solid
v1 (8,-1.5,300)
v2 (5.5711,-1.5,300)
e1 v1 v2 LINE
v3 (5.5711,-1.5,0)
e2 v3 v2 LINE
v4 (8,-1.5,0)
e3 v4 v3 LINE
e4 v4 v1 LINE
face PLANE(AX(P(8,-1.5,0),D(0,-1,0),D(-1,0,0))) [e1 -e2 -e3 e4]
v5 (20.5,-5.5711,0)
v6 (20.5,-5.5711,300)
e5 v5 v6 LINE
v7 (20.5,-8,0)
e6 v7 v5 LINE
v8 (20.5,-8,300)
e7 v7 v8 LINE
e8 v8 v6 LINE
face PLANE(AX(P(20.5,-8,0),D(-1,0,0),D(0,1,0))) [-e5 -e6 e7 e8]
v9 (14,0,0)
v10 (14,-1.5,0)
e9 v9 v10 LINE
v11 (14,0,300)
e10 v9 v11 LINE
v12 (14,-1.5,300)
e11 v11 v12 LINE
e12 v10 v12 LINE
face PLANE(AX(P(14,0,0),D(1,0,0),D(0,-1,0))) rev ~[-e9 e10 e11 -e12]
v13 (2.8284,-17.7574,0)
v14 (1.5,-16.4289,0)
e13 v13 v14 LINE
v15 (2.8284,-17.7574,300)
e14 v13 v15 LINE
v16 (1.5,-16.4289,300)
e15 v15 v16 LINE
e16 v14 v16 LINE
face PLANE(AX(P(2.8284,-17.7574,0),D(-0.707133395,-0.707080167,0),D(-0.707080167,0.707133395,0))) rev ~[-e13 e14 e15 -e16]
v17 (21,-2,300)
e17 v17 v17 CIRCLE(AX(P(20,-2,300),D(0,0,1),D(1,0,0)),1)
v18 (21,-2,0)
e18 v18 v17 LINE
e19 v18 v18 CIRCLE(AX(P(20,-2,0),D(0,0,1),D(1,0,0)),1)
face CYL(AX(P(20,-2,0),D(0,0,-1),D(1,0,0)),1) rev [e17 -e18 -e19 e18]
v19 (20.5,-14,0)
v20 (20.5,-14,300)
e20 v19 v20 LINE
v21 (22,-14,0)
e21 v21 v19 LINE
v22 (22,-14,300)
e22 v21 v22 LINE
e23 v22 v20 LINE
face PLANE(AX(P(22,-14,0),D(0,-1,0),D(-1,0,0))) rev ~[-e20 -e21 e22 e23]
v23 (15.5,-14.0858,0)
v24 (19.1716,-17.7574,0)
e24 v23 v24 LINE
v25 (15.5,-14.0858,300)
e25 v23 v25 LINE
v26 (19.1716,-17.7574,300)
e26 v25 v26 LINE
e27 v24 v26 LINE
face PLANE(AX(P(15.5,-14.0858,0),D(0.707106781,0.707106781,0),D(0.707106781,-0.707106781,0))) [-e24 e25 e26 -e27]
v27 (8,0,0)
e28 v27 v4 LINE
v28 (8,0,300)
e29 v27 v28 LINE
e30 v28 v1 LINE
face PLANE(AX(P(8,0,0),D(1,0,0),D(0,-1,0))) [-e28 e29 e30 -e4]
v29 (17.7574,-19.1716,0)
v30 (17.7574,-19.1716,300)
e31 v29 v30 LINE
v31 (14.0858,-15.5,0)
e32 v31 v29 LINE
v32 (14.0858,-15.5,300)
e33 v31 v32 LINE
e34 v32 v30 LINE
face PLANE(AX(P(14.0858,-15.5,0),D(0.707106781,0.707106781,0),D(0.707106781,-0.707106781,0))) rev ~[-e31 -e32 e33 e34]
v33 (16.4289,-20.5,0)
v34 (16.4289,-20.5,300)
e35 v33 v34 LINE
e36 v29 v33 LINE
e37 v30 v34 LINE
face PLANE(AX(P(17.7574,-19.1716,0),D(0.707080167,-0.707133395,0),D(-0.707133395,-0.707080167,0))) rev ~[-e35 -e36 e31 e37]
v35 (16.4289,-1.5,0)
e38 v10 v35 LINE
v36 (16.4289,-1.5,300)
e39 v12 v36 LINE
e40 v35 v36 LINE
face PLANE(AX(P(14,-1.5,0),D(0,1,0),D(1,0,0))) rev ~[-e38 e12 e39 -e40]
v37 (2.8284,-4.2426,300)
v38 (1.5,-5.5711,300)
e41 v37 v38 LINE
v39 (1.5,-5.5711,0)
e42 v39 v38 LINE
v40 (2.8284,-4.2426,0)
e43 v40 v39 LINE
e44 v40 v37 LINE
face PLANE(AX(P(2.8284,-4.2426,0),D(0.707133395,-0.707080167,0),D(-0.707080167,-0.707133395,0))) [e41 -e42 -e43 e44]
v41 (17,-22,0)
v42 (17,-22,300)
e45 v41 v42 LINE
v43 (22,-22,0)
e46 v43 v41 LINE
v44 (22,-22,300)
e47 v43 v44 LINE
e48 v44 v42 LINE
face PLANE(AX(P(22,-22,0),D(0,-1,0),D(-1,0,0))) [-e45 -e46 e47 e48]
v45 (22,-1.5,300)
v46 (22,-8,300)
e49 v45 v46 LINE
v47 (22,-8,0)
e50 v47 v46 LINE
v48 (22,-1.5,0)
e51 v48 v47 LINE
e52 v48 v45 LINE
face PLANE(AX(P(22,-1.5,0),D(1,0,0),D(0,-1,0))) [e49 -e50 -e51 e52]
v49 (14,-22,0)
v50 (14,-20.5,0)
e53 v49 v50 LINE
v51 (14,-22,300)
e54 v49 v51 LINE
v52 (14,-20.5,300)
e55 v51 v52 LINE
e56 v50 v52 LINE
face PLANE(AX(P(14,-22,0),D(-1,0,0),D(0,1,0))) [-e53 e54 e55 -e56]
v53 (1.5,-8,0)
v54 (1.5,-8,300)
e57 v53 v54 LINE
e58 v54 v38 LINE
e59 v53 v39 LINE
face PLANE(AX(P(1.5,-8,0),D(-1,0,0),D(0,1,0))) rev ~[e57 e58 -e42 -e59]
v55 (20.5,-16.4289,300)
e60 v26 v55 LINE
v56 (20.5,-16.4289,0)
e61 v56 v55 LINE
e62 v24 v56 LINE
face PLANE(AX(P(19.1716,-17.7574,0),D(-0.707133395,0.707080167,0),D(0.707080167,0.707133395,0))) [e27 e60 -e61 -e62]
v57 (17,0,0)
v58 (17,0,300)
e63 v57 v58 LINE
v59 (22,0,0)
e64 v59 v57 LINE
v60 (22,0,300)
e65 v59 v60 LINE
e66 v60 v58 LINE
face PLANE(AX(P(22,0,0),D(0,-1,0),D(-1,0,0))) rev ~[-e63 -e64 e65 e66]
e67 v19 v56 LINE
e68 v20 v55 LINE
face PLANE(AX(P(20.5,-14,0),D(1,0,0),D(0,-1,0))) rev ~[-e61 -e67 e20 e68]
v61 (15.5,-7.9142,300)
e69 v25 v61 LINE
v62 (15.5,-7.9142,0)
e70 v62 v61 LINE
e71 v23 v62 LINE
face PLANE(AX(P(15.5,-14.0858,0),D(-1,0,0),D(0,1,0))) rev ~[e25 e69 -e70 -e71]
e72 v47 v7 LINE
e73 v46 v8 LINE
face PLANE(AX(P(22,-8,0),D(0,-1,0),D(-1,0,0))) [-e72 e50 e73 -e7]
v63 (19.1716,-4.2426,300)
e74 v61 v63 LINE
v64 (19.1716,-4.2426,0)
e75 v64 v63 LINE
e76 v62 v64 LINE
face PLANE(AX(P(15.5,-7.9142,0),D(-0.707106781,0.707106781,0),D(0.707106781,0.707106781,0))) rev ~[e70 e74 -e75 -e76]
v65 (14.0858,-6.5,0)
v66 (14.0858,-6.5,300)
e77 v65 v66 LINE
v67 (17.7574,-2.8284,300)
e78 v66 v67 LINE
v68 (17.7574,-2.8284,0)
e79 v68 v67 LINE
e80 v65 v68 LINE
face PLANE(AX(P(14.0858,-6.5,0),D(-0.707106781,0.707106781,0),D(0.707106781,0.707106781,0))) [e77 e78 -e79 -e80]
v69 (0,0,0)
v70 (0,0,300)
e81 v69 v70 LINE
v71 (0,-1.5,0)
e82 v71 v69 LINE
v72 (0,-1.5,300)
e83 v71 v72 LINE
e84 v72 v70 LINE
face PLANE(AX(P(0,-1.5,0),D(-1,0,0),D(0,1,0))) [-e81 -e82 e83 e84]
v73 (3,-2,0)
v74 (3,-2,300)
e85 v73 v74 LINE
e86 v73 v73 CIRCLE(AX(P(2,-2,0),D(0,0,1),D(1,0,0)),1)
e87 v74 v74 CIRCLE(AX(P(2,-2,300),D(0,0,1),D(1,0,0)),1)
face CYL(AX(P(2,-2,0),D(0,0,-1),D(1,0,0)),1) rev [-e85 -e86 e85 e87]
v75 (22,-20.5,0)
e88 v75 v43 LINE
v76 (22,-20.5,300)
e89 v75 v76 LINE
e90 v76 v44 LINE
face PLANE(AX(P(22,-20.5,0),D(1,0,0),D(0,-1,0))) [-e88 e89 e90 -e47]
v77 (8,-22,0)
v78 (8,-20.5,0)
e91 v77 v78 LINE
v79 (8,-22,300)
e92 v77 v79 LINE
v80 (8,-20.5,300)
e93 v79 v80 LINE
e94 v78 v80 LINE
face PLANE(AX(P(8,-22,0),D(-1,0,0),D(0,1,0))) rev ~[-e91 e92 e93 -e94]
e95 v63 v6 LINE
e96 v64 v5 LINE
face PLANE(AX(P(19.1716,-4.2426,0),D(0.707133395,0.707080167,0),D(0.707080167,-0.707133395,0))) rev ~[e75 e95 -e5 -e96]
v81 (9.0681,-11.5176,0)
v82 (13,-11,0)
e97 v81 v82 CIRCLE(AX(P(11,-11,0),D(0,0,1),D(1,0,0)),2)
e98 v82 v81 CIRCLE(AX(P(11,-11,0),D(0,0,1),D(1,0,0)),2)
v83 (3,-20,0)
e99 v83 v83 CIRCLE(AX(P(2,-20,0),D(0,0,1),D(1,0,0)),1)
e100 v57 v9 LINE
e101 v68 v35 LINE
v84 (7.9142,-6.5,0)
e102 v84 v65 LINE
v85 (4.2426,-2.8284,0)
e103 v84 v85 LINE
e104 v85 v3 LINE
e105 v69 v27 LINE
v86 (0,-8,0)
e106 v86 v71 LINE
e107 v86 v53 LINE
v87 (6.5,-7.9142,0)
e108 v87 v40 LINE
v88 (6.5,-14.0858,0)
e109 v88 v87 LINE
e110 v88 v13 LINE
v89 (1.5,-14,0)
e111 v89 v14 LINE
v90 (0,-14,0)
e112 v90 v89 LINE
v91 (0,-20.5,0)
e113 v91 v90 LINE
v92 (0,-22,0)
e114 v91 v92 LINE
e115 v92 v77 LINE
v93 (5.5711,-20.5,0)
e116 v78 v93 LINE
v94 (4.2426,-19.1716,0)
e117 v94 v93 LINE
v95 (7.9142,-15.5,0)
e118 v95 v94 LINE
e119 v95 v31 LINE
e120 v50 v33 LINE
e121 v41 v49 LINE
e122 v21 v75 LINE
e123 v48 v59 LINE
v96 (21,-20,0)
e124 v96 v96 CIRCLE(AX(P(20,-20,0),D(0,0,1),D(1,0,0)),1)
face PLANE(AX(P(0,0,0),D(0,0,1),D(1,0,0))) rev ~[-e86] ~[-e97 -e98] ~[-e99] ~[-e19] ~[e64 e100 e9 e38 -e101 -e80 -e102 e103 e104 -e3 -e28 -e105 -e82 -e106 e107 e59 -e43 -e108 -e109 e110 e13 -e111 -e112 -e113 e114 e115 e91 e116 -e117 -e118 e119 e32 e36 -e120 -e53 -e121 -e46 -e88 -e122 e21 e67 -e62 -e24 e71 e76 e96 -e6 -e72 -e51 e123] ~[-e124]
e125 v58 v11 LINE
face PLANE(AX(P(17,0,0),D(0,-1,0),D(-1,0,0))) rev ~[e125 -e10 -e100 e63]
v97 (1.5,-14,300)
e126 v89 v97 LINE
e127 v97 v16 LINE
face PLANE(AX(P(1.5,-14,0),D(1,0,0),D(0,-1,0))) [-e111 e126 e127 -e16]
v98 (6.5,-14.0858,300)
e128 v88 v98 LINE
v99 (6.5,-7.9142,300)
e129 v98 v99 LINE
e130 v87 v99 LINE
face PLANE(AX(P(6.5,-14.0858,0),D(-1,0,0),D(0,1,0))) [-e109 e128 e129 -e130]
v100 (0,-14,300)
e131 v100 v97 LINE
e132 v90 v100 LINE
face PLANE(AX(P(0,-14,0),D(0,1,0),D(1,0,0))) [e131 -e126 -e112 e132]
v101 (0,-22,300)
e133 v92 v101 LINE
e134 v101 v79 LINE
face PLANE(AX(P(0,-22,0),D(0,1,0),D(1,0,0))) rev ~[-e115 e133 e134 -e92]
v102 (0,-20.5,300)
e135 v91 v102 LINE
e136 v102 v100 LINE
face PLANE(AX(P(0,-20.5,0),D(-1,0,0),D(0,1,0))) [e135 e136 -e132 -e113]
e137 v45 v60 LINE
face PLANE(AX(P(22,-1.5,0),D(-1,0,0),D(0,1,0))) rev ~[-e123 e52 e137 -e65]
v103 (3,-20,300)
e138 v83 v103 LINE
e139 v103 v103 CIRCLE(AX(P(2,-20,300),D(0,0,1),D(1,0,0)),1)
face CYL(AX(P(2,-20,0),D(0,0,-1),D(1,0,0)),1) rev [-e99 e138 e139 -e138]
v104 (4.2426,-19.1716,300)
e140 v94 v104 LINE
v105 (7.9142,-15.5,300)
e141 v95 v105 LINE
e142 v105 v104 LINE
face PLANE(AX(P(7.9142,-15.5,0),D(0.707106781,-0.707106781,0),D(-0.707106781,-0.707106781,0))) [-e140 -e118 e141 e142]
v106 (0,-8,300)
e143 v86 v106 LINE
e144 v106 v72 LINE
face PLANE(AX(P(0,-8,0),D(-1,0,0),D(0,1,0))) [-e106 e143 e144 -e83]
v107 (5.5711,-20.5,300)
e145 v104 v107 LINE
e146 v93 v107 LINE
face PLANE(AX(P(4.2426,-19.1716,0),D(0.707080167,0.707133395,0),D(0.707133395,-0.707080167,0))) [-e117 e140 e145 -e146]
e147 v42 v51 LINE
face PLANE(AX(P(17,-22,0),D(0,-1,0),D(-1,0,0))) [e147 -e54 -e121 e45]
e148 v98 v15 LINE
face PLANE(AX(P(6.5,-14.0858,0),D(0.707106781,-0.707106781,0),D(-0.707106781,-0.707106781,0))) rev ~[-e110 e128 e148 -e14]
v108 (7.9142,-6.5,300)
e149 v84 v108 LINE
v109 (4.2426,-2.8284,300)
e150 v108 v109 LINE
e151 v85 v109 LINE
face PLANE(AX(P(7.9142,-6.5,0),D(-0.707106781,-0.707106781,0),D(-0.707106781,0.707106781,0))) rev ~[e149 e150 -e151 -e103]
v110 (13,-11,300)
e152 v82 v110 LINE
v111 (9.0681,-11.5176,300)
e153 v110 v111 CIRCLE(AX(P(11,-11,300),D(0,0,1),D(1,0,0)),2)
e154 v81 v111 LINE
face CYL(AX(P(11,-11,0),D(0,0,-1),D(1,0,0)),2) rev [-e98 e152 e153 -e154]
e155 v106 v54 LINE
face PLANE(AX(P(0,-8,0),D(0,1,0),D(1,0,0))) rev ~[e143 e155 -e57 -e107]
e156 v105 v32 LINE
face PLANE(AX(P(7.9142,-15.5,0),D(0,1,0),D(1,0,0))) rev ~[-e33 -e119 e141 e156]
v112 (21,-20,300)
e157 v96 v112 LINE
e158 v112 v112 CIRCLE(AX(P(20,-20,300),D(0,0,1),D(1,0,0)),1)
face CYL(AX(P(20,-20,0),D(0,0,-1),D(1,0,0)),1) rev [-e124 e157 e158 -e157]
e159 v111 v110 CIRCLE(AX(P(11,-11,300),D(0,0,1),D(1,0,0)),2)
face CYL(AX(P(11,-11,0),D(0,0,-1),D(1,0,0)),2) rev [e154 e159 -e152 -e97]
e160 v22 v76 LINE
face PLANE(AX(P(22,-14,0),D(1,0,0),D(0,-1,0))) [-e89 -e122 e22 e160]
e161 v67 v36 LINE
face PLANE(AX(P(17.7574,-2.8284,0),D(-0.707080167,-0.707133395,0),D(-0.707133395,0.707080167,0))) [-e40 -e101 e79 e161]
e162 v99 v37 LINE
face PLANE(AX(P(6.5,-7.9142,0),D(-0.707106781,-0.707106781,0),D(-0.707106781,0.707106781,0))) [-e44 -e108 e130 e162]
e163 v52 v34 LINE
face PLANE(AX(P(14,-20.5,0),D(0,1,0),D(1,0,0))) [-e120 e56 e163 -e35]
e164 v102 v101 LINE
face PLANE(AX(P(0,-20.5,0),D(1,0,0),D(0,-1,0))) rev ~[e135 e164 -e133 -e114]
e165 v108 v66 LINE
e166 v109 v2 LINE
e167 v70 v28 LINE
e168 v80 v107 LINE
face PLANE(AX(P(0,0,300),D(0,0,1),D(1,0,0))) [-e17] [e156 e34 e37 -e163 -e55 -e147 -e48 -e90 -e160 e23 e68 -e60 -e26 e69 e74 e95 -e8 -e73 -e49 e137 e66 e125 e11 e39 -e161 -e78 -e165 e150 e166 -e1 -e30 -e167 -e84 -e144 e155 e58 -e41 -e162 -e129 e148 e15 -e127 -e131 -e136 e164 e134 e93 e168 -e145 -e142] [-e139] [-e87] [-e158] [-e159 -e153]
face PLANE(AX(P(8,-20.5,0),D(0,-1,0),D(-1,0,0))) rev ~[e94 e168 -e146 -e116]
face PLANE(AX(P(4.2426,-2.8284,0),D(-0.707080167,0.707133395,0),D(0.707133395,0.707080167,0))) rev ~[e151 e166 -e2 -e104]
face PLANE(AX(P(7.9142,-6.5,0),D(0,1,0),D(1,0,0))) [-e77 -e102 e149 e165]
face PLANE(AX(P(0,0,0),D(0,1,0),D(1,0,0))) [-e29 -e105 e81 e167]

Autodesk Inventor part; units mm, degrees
ref_plane "YZ Plane" through (0, 0, 0) normal (1, 0, 0) x (0, 1, 0)
ref_plane "XZ Plane" through (0, 0, 0) normal (0, 1, 0) x (-1, 0, 0)
ref_plane "XY Plane" through (0, 0, 0) normal (0, 0, 1) x (1, 0, 0)
sketch "Sketch1" plane through (0, 0, 0) normal (0, 0, 1) x (1, 0, 0)
  line L0 (0, 0) -> (8, 0)
  line L1 (8, 0) -> (8, -1.5)
  line L2 (8, -1.5) -> (5.5711, -1.5)
  line L3 (0, -1.5) -> (0, 0)
  line L4 (0, 0) -> (5, 0) construction
  line L5 (4.2426, -2.8284) -> (5.5711, -1.5)
  line L6 (6.5, -14.0858) -> (6.5, -7.9142)
  line L7 (7.9142, -6.5) -> (15.5, -6.5)
  line L8 (0, -8) -> (1.5, -8)
  line L9 (1.5, -8) -> (1.5, -5.5711)
  line L10 (11, -11) -> (10.2929, -10.2929) construction
  line L11 (11, -11) -> (10.2929, -11.7071) construction
  line L12 (0, 0) -> (8, 0)
  line L13 (5.5711, -1.5) -> (4.2426, -2.8284)
  line L14 (2.8284, -4.2426) -> (1.5, -5.5711)
  line L15 (7.9142, -6.5) -> (4.2426, -2.8284)
  line L16 (6.5, -7.9142) -> (2.8284, -4.2426)
  circle A0 centre (11, -11) radius 2
  line L17 (11, -11) -> (16.6687, -11) construction
  line L18 (11, -16.9105) -> (11, -11) construction
  line L19 (22, 0) -> (14, 0)
  line L20 (14, 0) -> (14, -1.5)
  line L21 (14, -1.5) -> (16.4289, -1.5)
  line L22 (22, -1.5) -> (22, 0)
  line L23 (22, 0) -> (17, 0)
  line L24 (17.7574, -2.8284) -> (16.4289, -1.5)
  line L25 (15.5, -15.5) -> (15.5, -7.9142)
  line L26 (15.5, -6.5) -> (7.9142, -6.5)
  line L27 (22, -8) -> (20.5, -8)
  line L28 (20.5, -8) -> (20.5, -5.5711)
  line L29 (11, -11) -> (11.7071, -10.2929) construction
  line L30 (11, -11) -> (11.7071, -11.7071) construction
  line L31 (22, 0) -> (14, 0)
  line L32 (16.4289, -1.5) -> (17.7574, -2.8284)
  line L33 (19.1716, -4.2426) -> (20.5, -5.5711)
  line L34 (14.0858, -6.5) -> (17.7574, -2.8284)
  line L35 (15.5, -7.9142) -> (19.1716, -4.2426)
  circle A1 centre (11, -11) radius 2
  line L36 (0, -22) -> (8, -22)
  line L37 (8, -22) -> (8, -20.5)
  line L38 (8, -20.5) -> (5.5711, -20.5)
  line L39 (0, -20.5) -> (0, -22)
  line L40 (0, -22) -> (5, -22) construction
  line L41 (4.2426, -19.1716) -> (5.5711, -20.5)
  line L42 (6.5, -7.9142) -> (6.5, -14.0858)
  line L43 (6.5, -15.5) -> (14.0858, -15.5)
  line L44 (0, -14) -> (1.5, -14)
  line L45 (1.5, -14) -> (1.5, -16.4289)
  line L46 (11, -11) -> (10.2929, -11.7071) construction
  line L47 (11, -11) -> (10.2929, -10.2929) construction
  line L48 (0, -22) -> (8, -22)
  line L49 (5.5711, -20.5) -> (4.2426, -19.1716)
  line L50 (2.8284, -17.7574) -> (1.5, -16.4289)
  line L51 (7.9142, -15.5) -> (4.2426, -19.1716)
  line L52 (6.5, -14.0858) -> (2.8284, -17.7574)
  circle A2 centre (11, -11) radius 2
  line L53 (22, -22) -> (14, -22)
  line L54 (14, -22) -> (14, -20.5)
  line L55 (14, -20.5) -> (16.4289, -20.5)
  line L56 (22, -20.5) -> (22, -22)
  line L57 (22, -22) -> (17, -22)
  line L58 (17.7574, -19.1716) -> (16.4289, -20.5)
  line L59 (20.5, -14) -> (20.5, -16.4289)
  line L60 (15.5, -14.0858) -> (19.1716, -17.7574)
  line L61 (19.1716, -17.7574) -> (20.5, -16.4289)
  line L62 (14.0858, -15.5) -> (17.7574, -19.1716)
  line L63 (16.4289, -20.5) -> (17.7574, -19.1716)
  line L64 (22, -22) -> (14, -22)
  line L65 (22, -14) -> (20.5, -14)
  line L66 (11, -11) -> (11.7071, -11.7071) construction
  line L67 (11, -11) -> (11.7071, -10.2929) construction
  line L68 (14.0858, -15.5) -> (6.5, -15.5)
  line L69 (15.5, -7.9142) -> (15.5, -15.5)
  circle A3 centre (11, -11) radius 2
  line L70 (22, -14) -> (22, -20.5)
  line L71 (22, -1.5) -> (22, -8)
  line L72 (8, 0) -> (0, 0) construction
  line L73 (0, 0) -> (0, -8) construction
  line L74 (9.5858, -11) -> (9.0681, -11.5176)
  line L75 (6.5, -14.0858) -> (2.8284, -17.7574)
  line L76 (0, -22) -> (0, -14)
  line L77 (0, -8) -> (0, 0)
  line L78 (0, 0) -> (2, 0) construction
  line L79 (2, 0) -> (2, -2) construction
  circle A4 centre (2, -2) radius 1
  circle A5 centre (20, -2) radius 1
  circle A6 centre (2, -20) radius 1
  circle A7 centre (20, -20) radius 1
  point P0 (3.5355, -3.5355)
  point P1 (0, -7.0711)
  point P2 (6.5, -6.5)
  point P3 (6.5, -15.5)
  point P4 (1.5, 0)
  point P5 (10.2929, -10.2929)
  point P6 (18.4645, -3.5355)
  point P7 (22, -7.0711)
  point P8 (6.5, -6.5)
  point P9 (20.5, 0)
  point P10 (11.7071, -10.2929)
  point P11 (12.4142, -11)
  point P12 (3.5355, -18.4645)
  point P13 (0, -14.9289)
  point P14 (6.5, -6.5)
  point P15 (1.5, -22)
  point P16 (10.2929, -11.7071)
  point P17 (18.4645, -18.4645)
  point P18 (20.5, -22)
  point P19 (22, -14.9289)
  point P20 (15.5, -6.5)
  point P21 (11.7071, -11.7071)
  dimension "d2" = 8
  dimension "d3" = 1.5
  dimension "d4" = 5
  dimension "d10" = 9
  dimension "d11" = 9
  dimension "d14" = 4
  dimension "d15" = 2
  dimension "d16" = 2
  dimension "d17" = 2
extrude "Extrusion1" add sketch "Sketch1" along normal blind 300
properties part number "extrusion_300"
